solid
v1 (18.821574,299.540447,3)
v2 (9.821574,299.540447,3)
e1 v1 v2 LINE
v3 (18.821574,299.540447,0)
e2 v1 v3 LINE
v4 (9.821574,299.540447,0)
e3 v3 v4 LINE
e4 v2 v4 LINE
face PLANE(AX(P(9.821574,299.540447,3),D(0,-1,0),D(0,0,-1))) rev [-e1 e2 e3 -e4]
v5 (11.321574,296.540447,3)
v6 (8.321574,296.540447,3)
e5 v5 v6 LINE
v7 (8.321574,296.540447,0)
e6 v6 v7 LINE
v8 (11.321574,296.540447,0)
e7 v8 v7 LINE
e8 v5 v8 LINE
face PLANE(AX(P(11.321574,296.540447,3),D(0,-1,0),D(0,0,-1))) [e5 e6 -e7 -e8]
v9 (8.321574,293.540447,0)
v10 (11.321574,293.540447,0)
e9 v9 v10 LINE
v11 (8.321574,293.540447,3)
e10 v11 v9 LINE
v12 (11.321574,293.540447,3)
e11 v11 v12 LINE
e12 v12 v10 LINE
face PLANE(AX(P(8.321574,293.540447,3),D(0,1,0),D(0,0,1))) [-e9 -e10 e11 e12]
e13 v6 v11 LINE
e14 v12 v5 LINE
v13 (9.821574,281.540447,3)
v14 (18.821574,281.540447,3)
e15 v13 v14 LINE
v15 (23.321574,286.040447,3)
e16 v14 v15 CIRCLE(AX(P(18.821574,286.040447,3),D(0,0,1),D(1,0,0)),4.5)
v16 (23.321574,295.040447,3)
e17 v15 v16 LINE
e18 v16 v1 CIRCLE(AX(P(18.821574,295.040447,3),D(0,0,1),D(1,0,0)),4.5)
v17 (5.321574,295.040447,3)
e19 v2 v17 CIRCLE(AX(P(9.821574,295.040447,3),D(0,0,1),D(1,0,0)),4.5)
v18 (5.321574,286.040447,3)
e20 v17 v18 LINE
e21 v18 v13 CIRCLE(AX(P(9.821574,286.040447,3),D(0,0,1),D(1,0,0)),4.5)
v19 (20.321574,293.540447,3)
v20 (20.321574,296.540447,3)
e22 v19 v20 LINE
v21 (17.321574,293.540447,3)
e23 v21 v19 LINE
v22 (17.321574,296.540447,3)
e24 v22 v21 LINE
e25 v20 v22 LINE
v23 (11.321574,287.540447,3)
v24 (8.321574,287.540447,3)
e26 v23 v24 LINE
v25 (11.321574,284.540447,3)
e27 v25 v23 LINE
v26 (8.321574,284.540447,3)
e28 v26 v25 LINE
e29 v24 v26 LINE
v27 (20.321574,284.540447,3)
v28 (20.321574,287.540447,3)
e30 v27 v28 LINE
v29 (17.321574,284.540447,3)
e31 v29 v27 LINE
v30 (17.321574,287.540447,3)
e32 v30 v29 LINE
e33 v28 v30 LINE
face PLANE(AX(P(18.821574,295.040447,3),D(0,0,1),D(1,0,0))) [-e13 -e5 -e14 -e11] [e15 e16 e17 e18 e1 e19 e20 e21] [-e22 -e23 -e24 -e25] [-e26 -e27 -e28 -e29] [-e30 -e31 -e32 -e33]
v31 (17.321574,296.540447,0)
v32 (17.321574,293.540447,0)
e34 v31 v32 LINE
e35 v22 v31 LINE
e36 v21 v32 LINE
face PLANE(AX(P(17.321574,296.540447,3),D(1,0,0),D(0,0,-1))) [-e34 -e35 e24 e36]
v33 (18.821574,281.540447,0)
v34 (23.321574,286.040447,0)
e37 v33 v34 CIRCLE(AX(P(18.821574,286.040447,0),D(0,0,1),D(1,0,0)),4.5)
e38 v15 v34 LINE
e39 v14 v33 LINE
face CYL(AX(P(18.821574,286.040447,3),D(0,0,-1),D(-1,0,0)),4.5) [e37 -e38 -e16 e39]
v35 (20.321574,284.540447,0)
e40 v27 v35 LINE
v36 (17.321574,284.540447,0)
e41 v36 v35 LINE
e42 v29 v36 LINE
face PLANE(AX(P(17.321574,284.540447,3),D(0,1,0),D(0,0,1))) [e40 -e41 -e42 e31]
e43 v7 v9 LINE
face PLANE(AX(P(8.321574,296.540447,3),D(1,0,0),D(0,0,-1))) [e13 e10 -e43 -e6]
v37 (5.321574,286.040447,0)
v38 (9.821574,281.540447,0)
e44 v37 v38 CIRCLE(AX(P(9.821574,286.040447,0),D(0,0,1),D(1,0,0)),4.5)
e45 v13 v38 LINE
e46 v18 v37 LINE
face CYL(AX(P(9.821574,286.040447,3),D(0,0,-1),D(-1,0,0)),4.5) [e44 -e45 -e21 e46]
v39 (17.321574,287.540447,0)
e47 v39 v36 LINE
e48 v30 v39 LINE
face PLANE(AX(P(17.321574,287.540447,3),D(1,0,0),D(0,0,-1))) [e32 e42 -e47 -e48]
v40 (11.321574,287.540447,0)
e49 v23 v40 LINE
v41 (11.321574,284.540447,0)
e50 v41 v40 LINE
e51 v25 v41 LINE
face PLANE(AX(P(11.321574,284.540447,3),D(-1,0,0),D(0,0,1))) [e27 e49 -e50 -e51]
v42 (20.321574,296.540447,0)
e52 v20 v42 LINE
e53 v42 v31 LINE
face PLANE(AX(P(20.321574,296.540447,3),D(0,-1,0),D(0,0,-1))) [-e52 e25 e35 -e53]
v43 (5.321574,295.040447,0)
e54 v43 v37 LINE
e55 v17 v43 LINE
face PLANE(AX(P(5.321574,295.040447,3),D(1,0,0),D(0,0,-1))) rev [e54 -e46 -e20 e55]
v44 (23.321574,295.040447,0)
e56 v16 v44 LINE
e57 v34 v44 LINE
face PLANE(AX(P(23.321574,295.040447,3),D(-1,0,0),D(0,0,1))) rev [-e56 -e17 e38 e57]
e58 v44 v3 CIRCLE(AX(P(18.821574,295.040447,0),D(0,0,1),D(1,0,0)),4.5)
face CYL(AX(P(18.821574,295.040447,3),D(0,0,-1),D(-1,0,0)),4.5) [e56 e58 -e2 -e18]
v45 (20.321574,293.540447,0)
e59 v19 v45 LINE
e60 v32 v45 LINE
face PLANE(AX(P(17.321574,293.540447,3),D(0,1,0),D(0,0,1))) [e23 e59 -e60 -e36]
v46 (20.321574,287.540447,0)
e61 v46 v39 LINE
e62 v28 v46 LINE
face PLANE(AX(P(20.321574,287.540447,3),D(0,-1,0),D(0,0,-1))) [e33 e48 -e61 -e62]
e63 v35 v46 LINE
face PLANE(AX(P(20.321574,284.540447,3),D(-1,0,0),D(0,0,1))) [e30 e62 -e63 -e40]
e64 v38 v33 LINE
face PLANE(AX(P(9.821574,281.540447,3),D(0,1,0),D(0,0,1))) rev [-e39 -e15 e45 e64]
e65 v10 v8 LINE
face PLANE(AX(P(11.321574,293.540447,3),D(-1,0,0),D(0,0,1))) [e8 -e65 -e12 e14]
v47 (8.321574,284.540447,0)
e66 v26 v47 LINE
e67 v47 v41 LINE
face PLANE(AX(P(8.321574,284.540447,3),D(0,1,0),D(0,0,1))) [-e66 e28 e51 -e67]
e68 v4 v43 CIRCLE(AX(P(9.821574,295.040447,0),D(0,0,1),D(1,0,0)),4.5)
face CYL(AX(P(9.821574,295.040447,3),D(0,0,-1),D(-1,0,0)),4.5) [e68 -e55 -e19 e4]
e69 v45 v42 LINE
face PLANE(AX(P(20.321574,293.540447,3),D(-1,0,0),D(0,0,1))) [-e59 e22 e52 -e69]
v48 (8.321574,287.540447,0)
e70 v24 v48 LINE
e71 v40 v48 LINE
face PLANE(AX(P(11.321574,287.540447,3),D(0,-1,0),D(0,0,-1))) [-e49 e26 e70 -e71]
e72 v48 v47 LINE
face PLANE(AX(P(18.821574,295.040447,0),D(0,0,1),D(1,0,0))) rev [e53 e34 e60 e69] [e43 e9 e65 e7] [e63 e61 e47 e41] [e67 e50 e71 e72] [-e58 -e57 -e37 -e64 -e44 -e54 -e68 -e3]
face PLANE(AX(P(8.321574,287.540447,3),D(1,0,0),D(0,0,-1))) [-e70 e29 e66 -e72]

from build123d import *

# Parameters (mm, degrees)
MODEL_W                 = 3
MODEL_H                 = 3
SALIENTE_EXTRUIR1_DEPTH = 3


with BuildPart() as part:
    # Model → Saliente-Extruir1 (new body)
    with BuildSketch(Plane.XY):
        with BuildLine():
            Line((9.821574141, 299.540447034), (18.821574141, 299.540447034))
            ThreePointArc((18.821574141, 299.540447034), (22.003554656, 298.222427549), (23.321574141, 295.040447034))
            Line((23.321574141, 295.040447034), (23.321574141, 286.040447034))
            ThreePointArc((23.321574141, 286.040447034), (22.003554656, 282.858466518), (18.821574141, 281.540447034))
            Line((18.821574141, 281.540447034), (9.821574141, 281.540447034))
            ThreePointArc((9.821574141, 281.540447034), (6.639593626, 282.858466518), (5.321574141, 286.040447034))
            Line((5.321574141, 286.040447034), (5.321574141, 295.040447034))
            ThreePointArc((5.321574141, 295.040447034), (6.639593626, 298.222427549), (9.821574141, 299.540447034))
        make_face()
        with Locations((9.821574141, 295.040447034)):
            Rectangle(MODEL_W, MODEL_H, mode=Mode.SUBTRACT)
        with Locations((18.821574141, 295.040447034)):
            Rectangle(MODEL_W, MODEL_H, mode=Mode.SUBTRACT)
        with Locations((9.821574141, 286.040447034)):
            Rectangle(MODEL_W, MODEL_H, mode=Mode.SUBTRACT)
        with Locations((18.821574141, 286.040447034)):
            Rectangle(MODEL_W, MODEL_H, mode=Mode.SUBTRACT)
    extrude(amount=SALIENTE_EXTRUIR1_DEPTH)


solid = part.part
